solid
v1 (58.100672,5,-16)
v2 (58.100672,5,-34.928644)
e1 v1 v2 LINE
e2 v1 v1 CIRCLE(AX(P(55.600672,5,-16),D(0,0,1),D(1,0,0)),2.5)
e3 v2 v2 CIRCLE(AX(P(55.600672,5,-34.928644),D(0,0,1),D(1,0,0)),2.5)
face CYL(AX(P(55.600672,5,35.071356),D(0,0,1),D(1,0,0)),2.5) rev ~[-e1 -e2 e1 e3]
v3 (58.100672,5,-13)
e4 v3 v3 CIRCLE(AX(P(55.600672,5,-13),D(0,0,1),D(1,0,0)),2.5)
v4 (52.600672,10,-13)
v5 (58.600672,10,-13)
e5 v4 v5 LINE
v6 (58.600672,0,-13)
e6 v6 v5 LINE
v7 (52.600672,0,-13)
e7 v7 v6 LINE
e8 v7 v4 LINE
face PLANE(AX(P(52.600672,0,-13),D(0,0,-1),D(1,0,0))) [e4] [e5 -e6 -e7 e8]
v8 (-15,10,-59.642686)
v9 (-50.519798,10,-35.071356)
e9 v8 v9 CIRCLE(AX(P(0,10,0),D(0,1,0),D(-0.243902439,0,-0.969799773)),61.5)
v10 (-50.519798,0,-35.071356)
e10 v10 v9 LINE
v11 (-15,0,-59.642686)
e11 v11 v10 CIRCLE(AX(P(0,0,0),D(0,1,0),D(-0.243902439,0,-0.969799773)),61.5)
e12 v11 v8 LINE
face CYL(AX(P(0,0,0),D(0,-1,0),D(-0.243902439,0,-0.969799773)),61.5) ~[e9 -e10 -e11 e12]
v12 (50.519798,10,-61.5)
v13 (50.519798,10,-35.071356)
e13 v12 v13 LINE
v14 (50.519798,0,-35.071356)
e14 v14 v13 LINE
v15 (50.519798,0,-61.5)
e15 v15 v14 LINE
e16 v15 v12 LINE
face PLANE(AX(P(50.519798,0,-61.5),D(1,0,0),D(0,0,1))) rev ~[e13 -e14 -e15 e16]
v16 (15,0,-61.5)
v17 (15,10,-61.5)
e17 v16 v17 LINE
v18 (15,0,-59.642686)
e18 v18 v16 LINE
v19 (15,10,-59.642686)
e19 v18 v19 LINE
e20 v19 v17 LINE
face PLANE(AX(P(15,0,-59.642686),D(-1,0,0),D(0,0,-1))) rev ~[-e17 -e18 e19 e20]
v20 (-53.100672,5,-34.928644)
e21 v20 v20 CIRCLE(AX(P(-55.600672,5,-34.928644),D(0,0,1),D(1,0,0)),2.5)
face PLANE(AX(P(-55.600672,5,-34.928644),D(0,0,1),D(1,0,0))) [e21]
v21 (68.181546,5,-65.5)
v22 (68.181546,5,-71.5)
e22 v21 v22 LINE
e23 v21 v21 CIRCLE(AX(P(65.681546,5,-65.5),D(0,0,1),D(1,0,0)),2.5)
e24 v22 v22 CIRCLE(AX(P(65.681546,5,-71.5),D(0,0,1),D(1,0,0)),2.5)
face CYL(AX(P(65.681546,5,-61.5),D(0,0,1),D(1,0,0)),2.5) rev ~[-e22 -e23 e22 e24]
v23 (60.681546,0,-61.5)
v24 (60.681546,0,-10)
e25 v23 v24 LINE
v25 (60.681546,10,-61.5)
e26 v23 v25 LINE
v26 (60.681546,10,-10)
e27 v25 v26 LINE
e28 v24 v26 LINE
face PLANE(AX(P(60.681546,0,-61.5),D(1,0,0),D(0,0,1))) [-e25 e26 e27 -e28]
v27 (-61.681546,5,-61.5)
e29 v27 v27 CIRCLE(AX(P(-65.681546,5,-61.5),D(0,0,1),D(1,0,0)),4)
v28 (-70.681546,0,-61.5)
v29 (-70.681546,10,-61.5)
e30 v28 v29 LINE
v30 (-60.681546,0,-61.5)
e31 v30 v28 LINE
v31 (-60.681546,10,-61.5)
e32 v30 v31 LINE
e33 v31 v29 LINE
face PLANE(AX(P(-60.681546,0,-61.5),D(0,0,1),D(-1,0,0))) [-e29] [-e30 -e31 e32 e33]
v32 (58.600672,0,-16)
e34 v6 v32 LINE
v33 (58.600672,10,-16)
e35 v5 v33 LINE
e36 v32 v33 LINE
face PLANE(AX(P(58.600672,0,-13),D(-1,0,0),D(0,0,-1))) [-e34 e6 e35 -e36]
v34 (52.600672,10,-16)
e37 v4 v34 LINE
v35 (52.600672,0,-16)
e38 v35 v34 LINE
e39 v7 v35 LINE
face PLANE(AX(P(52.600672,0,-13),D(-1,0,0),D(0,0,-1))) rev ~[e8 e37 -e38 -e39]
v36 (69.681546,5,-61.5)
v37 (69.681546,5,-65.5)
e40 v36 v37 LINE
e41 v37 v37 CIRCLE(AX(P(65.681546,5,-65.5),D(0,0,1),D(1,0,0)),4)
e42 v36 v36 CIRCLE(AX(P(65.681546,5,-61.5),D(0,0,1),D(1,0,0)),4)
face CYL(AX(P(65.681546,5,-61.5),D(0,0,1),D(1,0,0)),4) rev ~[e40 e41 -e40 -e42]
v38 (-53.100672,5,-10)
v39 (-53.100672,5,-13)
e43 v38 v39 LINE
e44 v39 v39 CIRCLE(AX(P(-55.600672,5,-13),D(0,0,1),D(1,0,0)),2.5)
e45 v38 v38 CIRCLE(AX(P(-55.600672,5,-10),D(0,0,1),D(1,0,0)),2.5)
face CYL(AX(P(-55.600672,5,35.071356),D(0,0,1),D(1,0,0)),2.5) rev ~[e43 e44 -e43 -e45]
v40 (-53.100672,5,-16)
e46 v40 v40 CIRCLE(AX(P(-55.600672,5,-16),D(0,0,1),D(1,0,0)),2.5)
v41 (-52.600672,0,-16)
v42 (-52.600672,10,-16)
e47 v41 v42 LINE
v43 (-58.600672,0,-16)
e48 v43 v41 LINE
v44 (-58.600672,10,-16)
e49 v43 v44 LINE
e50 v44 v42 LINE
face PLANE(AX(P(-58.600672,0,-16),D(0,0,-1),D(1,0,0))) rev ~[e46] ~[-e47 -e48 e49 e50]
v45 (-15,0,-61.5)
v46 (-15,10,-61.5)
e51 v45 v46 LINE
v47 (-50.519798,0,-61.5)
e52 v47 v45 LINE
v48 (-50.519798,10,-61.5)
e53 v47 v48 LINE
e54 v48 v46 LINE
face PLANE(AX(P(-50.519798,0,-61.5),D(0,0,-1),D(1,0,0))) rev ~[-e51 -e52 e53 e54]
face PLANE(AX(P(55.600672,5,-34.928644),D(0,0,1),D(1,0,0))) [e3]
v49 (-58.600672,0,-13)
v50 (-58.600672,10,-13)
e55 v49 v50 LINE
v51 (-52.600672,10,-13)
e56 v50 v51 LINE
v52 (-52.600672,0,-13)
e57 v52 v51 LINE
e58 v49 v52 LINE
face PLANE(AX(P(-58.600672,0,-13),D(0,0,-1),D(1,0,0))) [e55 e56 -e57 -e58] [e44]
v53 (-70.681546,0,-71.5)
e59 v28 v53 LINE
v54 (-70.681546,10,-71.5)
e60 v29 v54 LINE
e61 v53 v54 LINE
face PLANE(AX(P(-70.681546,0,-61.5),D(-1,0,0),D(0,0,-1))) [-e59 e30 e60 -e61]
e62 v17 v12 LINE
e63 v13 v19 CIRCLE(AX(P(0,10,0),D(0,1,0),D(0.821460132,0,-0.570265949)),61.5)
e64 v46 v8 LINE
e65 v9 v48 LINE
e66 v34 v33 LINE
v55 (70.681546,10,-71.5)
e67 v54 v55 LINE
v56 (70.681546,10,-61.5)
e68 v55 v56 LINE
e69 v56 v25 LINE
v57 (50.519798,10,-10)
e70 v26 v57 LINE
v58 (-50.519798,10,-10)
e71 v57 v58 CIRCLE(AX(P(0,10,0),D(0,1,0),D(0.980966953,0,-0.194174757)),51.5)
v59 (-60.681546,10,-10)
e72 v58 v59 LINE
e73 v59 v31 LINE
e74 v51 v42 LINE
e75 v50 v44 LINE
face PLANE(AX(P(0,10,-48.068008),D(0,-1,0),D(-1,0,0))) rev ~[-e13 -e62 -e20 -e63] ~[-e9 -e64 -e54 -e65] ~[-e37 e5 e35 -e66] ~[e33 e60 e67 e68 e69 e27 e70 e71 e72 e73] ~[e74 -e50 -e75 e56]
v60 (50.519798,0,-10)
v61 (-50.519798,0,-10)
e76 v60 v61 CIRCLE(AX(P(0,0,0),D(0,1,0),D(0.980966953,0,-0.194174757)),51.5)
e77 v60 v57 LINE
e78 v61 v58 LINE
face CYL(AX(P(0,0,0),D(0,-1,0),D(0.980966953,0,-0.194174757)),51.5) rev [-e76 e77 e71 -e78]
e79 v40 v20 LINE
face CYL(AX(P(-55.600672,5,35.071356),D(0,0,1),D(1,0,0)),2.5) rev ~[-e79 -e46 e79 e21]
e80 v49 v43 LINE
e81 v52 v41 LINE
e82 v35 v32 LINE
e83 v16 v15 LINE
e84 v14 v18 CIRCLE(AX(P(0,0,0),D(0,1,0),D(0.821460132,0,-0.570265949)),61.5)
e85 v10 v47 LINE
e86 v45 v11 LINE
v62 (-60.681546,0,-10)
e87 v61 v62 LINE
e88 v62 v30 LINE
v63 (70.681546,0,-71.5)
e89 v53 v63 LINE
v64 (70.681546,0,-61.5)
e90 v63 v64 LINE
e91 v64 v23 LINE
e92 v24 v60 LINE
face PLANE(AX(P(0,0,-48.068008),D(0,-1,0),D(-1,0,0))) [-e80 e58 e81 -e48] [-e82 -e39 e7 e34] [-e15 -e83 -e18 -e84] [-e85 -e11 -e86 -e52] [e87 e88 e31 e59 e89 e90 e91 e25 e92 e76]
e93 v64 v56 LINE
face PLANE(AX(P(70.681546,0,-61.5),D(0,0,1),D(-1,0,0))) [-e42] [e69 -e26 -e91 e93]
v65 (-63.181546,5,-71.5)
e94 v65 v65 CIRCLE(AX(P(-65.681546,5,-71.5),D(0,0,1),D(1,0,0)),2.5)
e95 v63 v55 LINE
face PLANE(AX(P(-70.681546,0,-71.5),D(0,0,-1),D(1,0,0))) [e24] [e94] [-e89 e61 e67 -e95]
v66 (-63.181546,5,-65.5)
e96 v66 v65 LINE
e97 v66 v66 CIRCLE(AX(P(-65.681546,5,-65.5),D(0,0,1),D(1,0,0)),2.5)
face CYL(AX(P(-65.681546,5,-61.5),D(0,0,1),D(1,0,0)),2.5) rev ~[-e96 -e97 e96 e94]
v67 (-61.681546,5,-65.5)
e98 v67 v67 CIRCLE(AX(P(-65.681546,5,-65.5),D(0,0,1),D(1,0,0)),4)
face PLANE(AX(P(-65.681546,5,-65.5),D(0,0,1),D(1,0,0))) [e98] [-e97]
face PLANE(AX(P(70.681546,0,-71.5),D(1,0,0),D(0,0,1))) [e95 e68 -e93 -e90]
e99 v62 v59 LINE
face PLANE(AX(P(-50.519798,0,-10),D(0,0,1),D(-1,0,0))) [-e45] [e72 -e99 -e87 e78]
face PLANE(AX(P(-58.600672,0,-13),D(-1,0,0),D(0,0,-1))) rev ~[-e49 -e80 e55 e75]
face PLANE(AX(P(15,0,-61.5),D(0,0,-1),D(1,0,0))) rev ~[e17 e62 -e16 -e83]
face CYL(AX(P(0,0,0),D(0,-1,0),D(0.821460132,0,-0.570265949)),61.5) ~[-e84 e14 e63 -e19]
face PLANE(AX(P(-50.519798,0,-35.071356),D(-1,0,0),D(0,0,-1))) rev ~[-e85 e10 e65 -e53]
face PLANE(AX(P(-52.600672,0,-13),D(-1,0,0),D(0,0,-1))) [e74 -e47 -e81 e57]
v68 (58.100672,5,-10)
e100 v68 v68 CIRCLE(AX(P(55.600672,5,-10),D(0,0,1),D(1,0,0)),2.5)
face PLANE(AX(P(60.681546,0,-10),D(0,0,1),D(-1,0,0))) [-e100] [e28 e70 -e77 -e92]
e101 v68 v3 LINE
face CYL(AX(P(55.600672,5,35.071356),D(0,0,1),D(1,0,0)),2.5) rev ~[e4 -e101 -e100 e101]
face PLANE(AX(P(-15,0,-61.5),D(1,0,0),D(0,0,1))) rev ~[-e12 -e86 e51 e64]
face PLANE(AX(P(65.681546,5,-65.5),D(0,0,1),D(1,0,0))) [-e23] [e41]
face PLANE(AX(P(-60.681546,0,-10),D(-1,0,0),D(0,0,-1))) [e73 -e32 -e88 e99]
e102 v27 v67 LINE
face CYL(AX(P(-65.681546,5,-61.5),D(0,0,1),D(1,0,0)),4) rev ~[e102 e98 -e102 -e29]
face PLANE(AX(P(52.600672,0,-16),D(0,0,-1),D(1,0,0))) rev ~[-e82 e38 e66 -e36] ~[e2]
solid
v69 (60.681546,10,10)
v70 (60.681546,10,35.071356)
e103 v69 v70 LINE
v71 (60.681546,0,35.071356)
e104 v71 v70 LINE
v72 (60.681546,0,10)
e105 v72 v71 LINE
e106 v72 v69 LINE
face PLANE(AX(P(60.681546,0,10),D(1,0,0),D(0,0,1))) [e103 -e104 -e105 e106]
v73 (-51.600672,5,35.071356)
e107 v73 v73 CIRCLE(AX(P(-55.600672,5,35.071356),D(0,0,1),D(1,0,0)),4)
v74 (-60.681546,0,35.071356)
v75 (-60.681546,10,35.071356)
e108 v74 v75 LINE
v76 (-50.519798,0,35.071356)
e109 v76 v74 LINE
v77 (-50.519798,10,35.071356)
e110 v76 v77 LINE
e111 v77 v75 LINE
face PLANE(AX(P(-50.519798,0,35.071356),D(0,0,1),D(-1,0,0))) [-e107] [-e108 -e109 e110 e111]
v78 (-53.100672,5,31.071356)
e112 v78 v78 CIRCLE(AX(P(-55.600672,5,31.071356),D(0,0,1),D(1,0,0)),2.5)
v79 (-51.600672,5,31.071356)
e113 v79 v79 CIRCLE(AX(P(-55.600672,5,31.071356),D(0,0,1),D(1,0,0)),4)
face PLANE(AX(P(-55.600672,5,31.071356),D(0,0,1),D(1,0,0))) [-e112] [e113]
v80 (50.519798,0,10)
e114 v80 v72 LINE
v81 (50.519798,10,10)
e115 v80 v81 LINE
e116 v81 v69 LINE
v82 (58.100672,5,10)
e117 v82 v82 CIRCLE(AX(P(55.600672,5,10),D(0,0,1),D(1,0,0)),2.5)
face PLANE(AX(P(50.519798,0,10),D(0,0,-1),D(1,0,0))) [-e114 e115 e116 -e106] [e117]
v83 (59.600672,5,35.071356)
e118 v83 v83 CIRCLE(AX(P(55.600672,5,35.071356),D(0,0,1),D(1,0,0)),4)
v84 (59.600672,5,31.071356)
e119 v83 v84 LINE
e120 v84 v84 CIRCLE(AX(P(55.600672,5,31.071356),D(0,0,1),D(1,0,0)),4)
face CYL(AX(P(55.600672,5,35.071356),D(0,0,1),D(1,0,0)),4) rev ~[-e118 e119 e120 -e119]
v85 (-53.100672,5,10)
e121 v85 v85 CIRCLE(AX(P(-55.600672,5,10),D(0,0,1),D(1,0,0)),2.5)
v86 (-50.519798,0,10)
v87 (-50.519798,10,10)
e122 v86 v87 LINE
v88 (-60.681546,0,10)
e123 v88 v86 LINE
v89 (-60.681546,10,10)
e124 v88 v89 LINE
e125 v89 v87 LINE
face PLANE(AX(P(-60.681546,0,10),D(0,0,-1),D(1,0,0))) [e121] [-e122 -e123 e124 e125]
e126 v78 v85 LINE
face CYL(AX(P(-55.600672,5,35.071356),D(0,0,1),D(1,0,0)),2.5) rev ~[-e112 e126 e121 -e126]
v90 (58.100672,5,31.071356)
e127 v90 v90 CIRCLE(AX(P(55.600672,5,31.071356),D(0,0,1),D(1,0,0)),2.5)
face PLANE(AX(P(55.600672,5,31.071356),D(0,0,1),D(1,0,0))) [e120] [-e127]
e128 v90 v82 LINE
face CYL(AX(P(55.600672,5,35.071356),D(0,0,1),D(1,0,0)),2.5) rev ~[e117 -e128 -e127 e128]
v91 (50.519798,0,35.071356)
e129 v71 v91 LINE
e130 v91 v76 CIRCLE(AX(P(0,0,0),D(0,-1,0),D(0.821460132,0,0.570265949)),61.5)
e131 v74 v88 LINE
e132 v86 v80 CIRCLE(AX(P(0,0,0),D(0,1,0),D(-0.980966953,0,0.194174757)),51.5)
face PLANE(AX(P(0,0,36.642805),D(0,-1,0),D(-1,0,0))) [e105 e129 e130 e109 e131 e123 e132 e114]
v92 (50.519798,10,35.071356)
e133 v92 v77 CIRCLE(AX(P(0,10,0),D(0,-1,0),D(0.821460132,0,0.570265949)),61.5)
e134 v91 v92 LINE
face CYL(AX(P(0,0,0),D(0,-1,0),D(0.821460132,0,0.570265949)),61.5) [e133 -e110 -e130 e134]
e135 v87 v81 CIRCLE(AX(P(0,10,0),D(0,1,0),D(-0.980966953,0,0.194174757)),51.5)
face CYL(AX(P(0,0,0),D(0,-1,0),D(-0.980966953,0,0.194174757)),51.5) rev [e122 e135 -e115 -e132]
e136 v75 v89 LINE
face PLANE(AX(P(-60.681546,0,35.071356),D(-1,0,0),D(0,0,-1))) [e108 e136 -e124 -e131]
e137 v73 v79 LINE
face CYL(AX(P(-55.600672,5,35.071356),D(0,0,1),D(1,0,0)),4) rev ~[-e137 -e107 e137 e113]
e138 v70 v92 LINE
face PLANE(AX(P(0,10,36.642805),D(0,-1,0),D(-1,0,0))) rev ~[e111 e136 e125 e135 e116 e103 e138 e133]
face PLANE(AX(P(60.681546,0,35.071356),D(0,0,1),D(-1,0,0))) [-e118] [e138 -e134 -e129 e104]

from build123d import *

# Parameters (mm, degrees)
BOSS_EXTRUDE1_DEPTH   = 10
BOSS_EXTRUDE1_2_DEPTH = 10
SKETCH2_R             = 2.5
CUT_EXTRUDE1_DEPTH    = 10
SKETCH3_R             = 4
CUT_EXTRUDE2_DEPTH    = 4
SKETCH4_R             = 2.5
CUT_EXTRUDE3_DEPTH    = 70
SKETCH5_R             = 4
CUT_EXTRUDE4_DEPTH    = 4
CUT_EXTRUDE5_START    = -10
SKETCH6_W             = 6
SKETCH6_H             = 3
CUT_EXTRUDE5_DEPTH    = 10
SKETCH7_R             = 2.5
CUT_EXTRUDE6_DEPTH    = 70
SKETCH8_R             = 4
CUT_EXTRUDE7_DEPTH    = 4
CUT_EXTRUDE8_START    = -10
SKETCH11_W            = 6
SKETCH11_H            = 3
CUT_EXTRUDE8_DEPTH    = 10


with BuildPart() as part:
    # Sketch1 → Boss-Extrude1 (new body)
    with BuildSketch(Plane(origin=(0, 0, 0), x_dir=(1, 0, 0), z_dir=(0, 1, 0))):
        with BuildLine():
            ThreePointArc((50.519798099, 10), (0, 51.5), (-50.519798099, 10))
            Line((-50.519798099, 10), (-60.681545794, 10))
            Line((-60.681545794, 10), (-60.681545794, 61.5))
            Line((-60.681545794, 61.5), (-70.681545794, 61.5))
            Line((-70.681545794, 61.5), (-70.681545794, 71.5))
            Line((-70.681545794, 71.5), (70.681545794, 71.5))
            Line((70.681545794, 71.5), (70.681545794, 61.5))
            Line((70.681545794, 61.5), (60.681545794, 61.5))
            Line((60.681545794, 61.5), (60.681545794, 10))
            Line((60.681545794, 10), (50.519798099, 10))
        make_face()
        with BuildLine():
            Line((50.519798099, 61.5), (50.519798099, 35.071355834))
            ThreePointArc((50.519798099, 35.071355834), (34.987834357, 50.577677359), (15, 59.642686056))
            Line((15, 59.642686056), (15, 61.5))
            Line((15, 61.5), (50.519798099, 61.5))
        make_face(mode=Mode.SUBTRACT)
        with BuildLine():
            Line((-15, 61.5), (-15, 59.642686056))
            ThreePointArc((-15, 59.642686056), (-34.987834357, 50.577677359), (-50.519798099, 35.071355834))
            Line((-50.519798099, 35.071355834), (-50.519798099, 61.5))
            Line((-50.519798099, 61.5), (-15, 61.5))
        make_face(mode=Mode.SUBTRACT)
    extrude(amount=BOSS_EXTRUDE1_DEPTH)

    # Sketch2 → Cut-Extrude1 (cut)
    with BuildSketch(Plane.XY.offset(-61.5)):
        with Locations((-65.681545794, 5)):
            Circle(SKETCH2_R)
        with Locations((65.681545794, 5)):
            Circle(SKETCH2_R)
    extrude(amount=-CUT_EXTRUDE1_DEPTH, mode=Mode.SUBTRACT)

    # Sketch3 → Cut-Extrude2 (cut)
    with BuildSketch(Plane.XY.offset(-61.5)):
        with Locations((-65.681545794, 5)):
            Circle(SKETCH3_R)
        with Locations((65.681545794, 5)):
            Circle(SKETCH3_R)
    extrude(amount=-CUT_EXTRUDE2_DEPTH, mode=Mode.SUBTRACT)


with BuildPart() as body_2:
    # Sketch1 → Boss-Extrude1 2 (new body)
    with BuildSketch(Plane(origin=(0, 0, 0), x_dir=(1, 0, 0), z_dir=(0, 1, 0))):
        with BuildLine():
            ThreePointArc((-50.519798099, -10), (0, -51.5), (50.519798099, -10))
            Line((50.519798099, -10), (60.681545794, -10))
            Line((60.681545794, -10), (60.681545794, -35.071355834))
            Line((60.681545794, -35.071355834), (50.519798099, -35.071355834))
            ThreePointArc((50.519798099, -35.071355834), (0, -61.5), (-50.519798099, -35.071355834))
            Line((-50.519798099, -35.071355834), (-60.681545794, -35.071355834))
            Line((-60.681545794, -35.071355834), (-60.681545794, -10))
            Line((-60.681545794, -10), (-50.519798099, -10))
        make_face()
    extrude(amount=BOSS_EXTRUDE1_2_DEPTH)


with BuildPart() as cut_extrude3_tool:
    # Sketch4 → Cut-Extrude3 (new body)
    with BuildSketch(Plane.XY.offset(35.071355834)):
        with Locations((-55.600671947, 5)):
            Circle(SKETCH4_R)
    extrude(amount=-CUT_EXTRUDE3_DEPTH)


with BuildPart() as part_1:
    add(part.part)

    # Cut-Extrude3: cut by cut_extrude3_tool
    add(cut_extrude3_tool.part, mode=Mode.SUBTRACT)

    # Sketch6 → Cut-Extrude5 (cut)
    with BuildSketch(Plane(origin=(0, 10, 0), x_dir=(1, 0, 0), z_dir=(0, 1, 0)).offset(CUT_EXTRUDE5_START)):
        with Locations((-55.600671947, 14.5)):
            Rectangle(SKETCH6_W, SKETCH6_H)
    extrude(amount=CUT_EXTRUDE5_DEPTH, mode=Mode.SUBTRACT)


with BuildPart() as body_2_1:
    add(body_2.part)

    # Cut-Extrude3: cut by cut_extrude3_tool
    add(cut_extrude3_tool.part, mode=Mode.SUBTRACT)

    # Sketch5 → Cut-Extrude4 (cut)
    with BuildSketch(Plane.XY.offset(35.071355834)):
        with Locations((-55.600671947, 5)):
            Circle(SKETCH5_R)
    extrude(amount=-CUT_EXTRUDE4_DEPTH, mode=Mode.SUBTRACT)


with BuildPart() as cut_extrude6_tool:
    # Sketch7 → Cut-Extrude6 (new body)
    with BuildSketch(Plane.XY.offset(35.071355834)):
        with Locations((55.600671947, 5)):
            Circle(SKETCH7_R)
    extrude(amount=-CUT_EXTRUDE6_DEPTH)


with BuildPart() as part_2:
    add(part_1.part)

    # Cut-Extrude6: cut by cut_extrude6_tool
    add(cut_extrude6_tool.part, mode=Mode.SUBTRACT)

    # Sketch11 → Cut-Extrude8 (cut)
    with BuildSketch(Plane(origin=(0, 10, 0), x_dir=(1, 0, 0), z_dir=(0, 1, 0)).offset(CUT_EXTRUDE8_START)):
        with Locations((55.600671947, 14.5)):
            Rectangle(SKETCH11_W, SKETCH11_H)
    extrude(amount=CUT_EXTRUDE8_DEPTH, mode=Mode.SUBTRACT)


with BuildPart() as body_2_2:
    add(body_2_1.part)

    # Cut-Extrude6: cut by cut_extrude6_tool
    add(cut_extrude6_tool.part, mode=Mode.SUBTRACT)

    # Sketch8 → Cut-Extrude7 (cut)
    with BuildSketch(Plane.XY.offset(35.071355834)):
        with Locations((55.600671947, 5)):
            Circle(SKETCH8_R)
    extrude(amount=-CUT_EXTRUDE7_DEPTH, mode=Mode.SUBTRACT)


solid = Compound([part_2.part, body_2_2.part])
